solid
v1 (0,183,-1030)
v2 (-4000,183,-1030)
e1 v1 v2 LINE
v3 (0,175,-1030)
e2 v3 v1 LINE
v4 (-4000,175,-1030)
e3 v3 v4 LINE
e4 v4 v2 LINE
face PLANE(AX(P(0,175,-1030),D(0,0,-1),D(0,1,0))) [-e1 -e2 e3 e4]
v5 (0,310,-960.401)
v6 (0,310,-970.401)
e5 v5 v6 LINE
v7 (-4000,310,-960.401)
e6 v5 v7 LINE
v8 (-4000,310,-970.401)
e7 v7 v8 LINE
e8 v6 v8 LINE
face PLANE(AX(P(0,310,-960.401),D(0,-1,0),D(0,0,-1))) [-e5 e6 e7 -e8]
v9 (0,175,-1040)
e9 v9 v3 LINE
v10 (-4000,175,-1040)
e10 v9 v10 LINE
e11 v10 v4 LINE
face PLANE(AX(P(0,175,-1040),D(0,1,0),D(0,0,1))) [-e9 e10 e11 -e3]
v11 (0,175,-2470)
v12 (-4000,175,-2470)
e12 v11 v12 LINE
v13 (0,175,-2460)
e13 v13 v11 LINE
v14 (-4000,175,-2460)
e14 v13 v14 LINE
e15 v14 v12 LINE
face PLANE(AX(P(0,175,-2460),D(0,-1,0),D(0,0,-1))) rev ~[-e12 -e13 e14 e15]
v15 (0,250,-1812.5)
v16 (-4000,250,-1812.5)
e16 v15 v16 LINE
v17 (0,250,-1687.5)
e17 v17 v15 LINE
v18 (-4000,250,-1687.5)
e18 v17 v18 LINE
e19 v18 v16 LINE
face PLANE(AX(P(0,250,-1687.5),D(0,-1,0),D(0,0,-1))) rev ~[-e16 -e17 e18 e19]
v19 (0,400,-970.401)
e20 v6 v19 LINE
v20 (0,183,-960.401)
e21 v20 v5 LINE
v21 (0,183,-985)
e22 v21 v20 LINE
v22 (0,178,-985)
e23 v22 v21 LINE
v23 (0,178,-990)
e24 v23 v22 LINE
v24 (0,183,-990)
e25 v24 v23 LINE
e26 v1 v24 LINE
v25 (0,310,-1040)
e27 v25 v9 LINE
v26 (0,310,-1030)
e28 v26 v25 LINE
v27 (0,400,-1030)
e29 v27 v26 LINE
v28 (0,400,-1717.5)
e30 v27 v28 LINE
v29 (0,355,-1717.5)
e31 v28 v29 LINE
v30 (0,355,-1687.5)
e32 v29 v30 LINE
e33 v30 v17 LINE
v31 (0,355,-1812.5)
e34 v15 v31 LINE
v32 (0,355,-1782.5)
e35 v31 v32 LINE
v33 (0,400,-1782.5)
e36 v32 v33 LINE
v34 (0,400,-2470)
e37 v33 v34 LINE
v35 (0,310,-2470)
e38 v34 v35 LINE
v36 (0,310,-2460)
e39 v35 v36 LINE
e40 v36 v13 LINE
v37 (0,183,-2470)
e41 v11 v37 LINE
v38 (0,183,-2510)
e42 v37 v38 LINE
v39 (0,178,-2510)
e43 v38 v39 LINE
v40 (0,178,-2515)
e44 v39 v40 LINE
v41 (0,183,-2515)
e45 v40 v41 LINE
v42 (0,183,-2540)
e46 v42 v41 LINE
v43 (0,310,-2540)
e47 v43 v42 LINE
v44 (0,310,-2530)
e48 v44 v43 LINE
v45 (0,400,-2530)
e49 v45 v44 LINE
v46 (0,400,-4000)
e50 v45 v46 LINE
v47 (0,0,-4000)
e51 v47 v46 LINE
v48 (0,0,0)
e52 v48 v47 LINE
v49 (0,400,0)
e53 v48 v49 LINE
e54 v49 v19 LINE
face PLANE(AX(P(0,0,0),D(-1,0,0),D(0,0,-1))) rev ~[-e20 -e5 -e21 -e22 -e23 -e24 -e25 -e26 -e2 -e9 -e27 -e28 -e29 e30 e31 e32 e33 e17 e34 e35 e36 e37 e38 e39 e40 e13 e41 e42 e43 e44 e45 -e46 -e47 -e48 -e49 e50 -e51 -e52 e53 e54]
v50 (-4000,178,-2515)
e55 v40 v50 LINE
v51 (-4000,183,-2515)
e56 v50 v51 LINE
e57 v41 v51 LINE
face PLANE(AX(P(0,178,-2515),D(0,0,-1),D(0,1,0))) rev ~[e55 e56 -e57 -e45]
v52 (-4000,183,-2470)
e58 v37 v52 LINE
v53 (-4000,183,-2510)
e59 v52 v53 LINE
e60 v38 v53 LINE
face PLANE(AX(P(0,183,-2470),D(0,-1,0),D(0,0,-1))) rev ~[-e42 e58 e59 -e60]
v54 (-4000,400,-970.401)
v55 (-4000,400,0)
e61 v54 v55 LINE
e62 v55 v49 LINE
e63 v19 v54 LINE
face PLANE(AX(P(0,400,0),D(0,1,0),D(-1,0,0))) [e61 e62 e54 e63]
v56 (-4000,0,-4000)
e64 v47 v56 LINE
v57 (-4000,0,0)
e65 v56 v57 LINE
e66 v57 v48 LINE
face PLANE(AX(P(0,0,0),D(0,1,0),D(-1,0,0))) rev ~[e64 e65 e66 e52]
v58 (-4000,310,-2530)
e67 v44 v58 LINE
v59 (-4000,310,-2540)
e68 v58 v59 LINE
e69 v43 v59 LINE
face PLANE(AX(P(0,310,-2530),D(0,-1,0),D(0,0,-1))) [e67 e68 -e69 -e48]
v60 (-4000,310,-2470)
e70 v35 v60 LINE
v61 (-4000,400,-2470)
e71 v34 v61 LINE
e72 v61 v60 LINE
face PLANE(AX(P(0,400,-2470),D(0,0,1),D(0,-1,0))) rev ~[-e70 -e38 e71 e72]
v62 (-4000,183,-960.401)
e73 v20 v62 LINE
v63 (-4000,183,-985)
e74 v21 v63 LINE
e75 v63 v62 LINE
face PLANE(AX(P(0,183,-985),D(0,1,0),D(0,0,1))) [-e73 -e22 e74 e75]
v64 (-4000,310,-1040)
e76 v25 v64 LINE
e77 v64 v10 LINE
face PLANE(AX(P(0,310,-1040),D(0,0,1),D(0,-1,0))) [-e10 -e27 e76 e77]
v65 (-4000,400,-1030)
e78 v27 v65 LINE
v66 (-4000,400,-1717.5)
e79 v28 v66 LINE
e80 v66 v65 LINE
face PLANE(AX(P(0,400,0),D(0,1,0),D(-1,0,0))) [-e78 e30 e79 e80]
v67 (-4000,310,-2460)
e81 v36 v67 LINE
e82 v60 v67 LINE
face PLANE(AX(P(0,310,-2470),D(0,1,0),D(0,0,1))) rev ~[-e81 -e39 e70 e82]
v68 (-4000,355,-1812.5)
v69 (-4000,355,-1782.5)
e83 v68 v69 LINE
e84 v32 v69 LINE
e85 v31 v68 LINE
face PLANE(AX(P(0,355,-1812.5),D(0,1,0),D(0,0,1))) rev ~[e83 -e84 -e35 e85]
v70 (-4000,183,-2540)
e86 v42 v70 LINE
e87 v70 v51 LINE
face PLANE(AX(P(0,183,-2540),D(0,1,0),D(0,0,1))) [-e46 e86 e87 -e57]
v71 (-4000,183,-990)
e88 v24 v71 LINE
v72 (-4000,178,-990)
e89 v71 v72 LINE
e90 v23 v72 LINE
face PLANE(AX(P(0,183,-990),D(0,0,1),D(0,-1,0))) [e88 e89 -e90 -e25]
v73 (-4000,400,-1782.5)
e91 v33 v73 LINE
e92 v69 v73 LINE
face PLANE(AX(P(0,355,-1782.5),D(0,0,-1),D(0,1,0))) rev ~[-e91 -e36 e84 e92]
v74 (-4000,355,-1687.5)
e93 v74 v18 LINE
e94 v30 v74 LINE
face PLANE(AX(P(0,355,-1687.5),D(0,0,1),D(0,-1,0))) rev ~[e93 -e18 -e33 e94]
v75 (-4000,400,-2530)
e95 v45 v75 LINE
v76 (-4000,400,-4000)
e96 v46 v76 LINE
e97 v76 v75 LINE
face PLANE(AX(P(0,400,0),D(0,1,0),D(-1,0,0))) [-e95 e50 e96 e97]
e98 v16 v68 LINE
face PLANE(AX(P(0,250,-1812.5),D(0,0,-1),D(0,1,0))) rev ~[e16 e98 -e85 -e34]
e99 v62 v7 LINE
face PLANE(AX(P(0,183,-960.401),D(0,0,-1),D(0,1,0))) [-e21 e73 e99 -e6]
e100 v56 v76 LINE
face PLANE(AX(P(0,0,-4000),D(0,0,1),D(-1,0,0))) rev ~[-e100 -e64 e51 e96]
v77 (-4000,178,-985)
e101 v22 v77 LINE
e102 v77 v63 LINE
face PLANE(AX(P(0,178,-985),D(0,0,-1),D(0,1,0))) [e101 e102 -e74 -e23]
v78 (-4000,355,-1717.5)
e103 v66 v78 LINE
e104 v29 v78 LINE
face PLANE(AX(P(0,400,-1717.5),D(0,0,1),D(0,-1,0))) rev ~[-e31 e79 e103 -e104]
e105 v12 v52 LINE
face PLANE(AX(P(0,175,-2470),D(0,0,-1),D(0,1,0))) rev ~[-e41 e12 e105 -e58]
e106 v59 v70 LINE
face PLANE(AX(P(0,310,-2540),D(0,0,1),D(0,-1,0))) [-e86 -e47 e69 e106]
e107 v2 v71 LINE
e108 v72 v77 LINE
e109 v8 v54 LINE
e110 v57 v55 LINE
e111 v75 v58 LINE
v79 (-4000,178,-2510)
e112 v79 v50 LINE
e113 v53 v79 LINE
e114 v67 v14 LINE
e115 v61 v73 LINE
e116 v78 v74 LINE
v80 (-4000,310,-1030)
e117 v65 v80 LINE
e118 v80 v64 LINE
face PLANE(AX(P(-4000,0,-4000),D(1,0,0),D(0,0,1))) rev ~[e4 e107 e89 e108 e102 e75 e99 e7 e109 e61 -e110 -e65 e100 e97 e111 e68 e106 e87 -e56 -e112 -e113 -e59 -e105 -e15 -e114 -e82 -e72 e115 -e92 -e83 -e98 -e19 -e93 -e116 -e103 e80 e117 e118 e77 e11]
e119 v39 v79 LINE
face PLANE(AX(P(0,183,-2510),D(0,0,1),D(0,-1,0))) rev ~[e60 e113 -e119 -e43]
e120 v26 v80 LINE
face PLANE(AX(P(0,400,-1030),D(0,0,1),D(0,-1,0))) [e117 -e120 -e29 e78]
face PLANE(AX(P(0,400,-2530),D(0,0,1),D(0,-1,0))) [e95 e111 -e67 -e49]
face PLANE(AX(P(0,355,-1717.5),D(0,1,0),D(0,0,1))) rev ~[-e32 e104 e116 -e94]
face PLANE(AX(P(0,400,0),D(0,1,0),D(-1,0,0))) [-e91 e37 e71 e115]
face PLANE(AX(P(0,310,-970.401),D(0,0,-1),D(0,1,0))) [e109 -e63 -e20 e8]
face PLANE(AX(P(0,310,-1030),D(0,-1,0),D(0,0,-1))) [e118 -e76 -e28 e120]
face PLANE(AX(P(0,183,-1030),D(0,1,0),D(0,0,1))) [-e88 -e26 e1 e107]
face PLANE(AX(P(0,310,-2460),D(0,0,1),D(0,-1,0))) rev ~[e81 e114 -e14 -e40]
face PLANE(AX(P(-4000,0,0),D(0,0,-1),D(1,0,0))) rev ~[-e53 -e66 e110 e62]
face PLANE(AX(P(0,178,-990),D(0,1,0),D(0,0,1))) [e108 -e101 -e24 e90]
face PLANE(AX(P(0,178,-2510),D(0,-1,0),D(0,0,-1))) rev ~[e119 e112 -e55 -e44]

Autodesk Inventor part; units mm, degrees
ref_plane "YZ Plane" through (0, 0, 0) normal (1, 0, 0) x (0, 1, 0)
ref_plane "XZ Plane" through (0, 0, 0) normal (0, 1, 0) x (-1, 0, 0)
ref_plane "XY Plane" through (0, 0, 0) normal (0, 0, 1) x (1, 0, 0)
sketch "Sketch1" plane through (0, 0, 0) normal (0, 1, 0) x (-1, 0, 0)
  line L0 (0, 0) -> (0, -4000)
  line L1 (0, -4000) -> (4000, -4000)
  line L2 (4000, -4000) -> (4000, 0)
  line L3 (4000, 0) -> (0, 0)
  dimension "d1" = 4000
  dimension "d2" = 4000
  dimension "d3" = 4000
extrude "Extrusion1" add sketch "Sketch1" along normal blind 400
sketch "Sketch2" plane through (0, 0, 0) normal (1, 0, 0) x (0, 0, -1)
  line L0 (4000, 400) -> (0, 400) projected
  line L1 (0, 400) -> (1000, 400)
  line L2 (1000, 400) -> (2500, 400)
  line L3 (1000, 400) -> (1030, 400)
  line L4 (1030, 400) -> (1030, 310)
  line L5 (1030, 310) -> (1040, 310)
  line L6 (1040, 310) -> (1040, 175)
  line L7 (960.401, 183) -> (960.401, 310)
  line L8 (960.401, 310) -> (970.401, 310)
  line L9 (970.401, 310) -> (970.401, 400)
  line L10 (1040, 175) -> (1030, 175)
  line L11 (1030, 175) -> (1030, 183)
  line L12 (1030, 183) -> (990, 183)
  line L13 (990, 183) -> (990, 178)
  line L14 (990, 178) -> (985, 178)
  line L15 (985, 178) -> (985, 183)
  line L16 (985, 183) -> (960.401, 183)
  line L17 (2500, 400) -> (2530, 400)
  line L18 (2530, 400) -> (2470, 400)
  line L19 (2470, 400) -> (2470, 310)
  line L20 (2470, 310) -> (2460, 310)
  line L21 (2460, 310) -> (2460, 175)
  line L22 (2460, 175) -> (2470, 175)
  line L23 (2470, 175) -> (2470, 183)
  line L24 (2470, 183) -> (2510, 183)
  line L25 (2510, 183) -> (2510, 178)
  line L26 (2510, 178) -> (2515, 178)
  line L27 (2515, 178) -> (2515, 183)
  line L28 (2530, 400) -> (2530, 310)
  line L29 (2530, 310) -> (2540, 310)
  line L30 (2540, 310) -> (2540, 183)
  line L31 (2540, 183) -> (2515, 183)
  point P0 (0, 0)
  dimension "d6" = 1000
  dimension "d7" = 1500
  dimension "d8" = 30
  dimension "d9" = 90
  dimension "d10" = 10
  dimension "d11" = 135
  dimension "d12" = 80
  dimension "d13" = 10
  dimension "d14" = 10
  dimension "d15" = 8
  dimension "d16" = 40
  dimension "d17" = 5
  dimension "d18" = 5
  dimension "d19" = 5
  dimension "d20" = 30
  dimension "d21" = 60
  dimension "d22" = 90
  dimension "d23" = 10
  dimension "d24" = 135
  dimension "d25" = 10
  dimension "d26" = 8
  dimension "d27" = 40
  dimension "d28" = 5
  dimension "d29" = 5
  dimension "d30" = 10
extrude "Extrusion2" cut sketch "Sketch2" against normal blind 4000
sketch "Sketch3" plane through (0, 0, 0) normal (1, 0, 0) x (0, 0, -1)
  line L0 (0, 400) -> (970.401, 400) projected
  line L1 (0, 400) -> (1750, 400)
  line L2 (1030, 400) -> (2470, 400) projected
  line L3 (1782.5, 400) -> (1717.5, 400)
  line L4 (1717.5, 400) -> (1717.5, 355)
  line L5 (1717.5, 355) -> (1687.5, 355)
  line L6 (1687.5, 355) -> (1687.5, 250)
  line L7 (1687.5, 250) -> (1812.5, 250)
  line L8 (1812.5, 250) -> (1812.5, 355)
  line L9 (1812.5, 355) -> (1782.5, 355)
  line L10 (1782.5, 355) -> (1782.5, 400)
  point P0 (0, 0)
  dimension "d33" = 1750
  dimension "d34" = 32.5
  dimension "d35" = 65
  dimension "d36" = 45
  dimension "d37" = 30
  dimension "d38" = 105
  dimension "d39" = 125
  dimension "d40" = 30
extrude "Extrusion3" cut sketch "Sketch3" against normal blind 4000
properties part number "Pavement" material "Concrete"
